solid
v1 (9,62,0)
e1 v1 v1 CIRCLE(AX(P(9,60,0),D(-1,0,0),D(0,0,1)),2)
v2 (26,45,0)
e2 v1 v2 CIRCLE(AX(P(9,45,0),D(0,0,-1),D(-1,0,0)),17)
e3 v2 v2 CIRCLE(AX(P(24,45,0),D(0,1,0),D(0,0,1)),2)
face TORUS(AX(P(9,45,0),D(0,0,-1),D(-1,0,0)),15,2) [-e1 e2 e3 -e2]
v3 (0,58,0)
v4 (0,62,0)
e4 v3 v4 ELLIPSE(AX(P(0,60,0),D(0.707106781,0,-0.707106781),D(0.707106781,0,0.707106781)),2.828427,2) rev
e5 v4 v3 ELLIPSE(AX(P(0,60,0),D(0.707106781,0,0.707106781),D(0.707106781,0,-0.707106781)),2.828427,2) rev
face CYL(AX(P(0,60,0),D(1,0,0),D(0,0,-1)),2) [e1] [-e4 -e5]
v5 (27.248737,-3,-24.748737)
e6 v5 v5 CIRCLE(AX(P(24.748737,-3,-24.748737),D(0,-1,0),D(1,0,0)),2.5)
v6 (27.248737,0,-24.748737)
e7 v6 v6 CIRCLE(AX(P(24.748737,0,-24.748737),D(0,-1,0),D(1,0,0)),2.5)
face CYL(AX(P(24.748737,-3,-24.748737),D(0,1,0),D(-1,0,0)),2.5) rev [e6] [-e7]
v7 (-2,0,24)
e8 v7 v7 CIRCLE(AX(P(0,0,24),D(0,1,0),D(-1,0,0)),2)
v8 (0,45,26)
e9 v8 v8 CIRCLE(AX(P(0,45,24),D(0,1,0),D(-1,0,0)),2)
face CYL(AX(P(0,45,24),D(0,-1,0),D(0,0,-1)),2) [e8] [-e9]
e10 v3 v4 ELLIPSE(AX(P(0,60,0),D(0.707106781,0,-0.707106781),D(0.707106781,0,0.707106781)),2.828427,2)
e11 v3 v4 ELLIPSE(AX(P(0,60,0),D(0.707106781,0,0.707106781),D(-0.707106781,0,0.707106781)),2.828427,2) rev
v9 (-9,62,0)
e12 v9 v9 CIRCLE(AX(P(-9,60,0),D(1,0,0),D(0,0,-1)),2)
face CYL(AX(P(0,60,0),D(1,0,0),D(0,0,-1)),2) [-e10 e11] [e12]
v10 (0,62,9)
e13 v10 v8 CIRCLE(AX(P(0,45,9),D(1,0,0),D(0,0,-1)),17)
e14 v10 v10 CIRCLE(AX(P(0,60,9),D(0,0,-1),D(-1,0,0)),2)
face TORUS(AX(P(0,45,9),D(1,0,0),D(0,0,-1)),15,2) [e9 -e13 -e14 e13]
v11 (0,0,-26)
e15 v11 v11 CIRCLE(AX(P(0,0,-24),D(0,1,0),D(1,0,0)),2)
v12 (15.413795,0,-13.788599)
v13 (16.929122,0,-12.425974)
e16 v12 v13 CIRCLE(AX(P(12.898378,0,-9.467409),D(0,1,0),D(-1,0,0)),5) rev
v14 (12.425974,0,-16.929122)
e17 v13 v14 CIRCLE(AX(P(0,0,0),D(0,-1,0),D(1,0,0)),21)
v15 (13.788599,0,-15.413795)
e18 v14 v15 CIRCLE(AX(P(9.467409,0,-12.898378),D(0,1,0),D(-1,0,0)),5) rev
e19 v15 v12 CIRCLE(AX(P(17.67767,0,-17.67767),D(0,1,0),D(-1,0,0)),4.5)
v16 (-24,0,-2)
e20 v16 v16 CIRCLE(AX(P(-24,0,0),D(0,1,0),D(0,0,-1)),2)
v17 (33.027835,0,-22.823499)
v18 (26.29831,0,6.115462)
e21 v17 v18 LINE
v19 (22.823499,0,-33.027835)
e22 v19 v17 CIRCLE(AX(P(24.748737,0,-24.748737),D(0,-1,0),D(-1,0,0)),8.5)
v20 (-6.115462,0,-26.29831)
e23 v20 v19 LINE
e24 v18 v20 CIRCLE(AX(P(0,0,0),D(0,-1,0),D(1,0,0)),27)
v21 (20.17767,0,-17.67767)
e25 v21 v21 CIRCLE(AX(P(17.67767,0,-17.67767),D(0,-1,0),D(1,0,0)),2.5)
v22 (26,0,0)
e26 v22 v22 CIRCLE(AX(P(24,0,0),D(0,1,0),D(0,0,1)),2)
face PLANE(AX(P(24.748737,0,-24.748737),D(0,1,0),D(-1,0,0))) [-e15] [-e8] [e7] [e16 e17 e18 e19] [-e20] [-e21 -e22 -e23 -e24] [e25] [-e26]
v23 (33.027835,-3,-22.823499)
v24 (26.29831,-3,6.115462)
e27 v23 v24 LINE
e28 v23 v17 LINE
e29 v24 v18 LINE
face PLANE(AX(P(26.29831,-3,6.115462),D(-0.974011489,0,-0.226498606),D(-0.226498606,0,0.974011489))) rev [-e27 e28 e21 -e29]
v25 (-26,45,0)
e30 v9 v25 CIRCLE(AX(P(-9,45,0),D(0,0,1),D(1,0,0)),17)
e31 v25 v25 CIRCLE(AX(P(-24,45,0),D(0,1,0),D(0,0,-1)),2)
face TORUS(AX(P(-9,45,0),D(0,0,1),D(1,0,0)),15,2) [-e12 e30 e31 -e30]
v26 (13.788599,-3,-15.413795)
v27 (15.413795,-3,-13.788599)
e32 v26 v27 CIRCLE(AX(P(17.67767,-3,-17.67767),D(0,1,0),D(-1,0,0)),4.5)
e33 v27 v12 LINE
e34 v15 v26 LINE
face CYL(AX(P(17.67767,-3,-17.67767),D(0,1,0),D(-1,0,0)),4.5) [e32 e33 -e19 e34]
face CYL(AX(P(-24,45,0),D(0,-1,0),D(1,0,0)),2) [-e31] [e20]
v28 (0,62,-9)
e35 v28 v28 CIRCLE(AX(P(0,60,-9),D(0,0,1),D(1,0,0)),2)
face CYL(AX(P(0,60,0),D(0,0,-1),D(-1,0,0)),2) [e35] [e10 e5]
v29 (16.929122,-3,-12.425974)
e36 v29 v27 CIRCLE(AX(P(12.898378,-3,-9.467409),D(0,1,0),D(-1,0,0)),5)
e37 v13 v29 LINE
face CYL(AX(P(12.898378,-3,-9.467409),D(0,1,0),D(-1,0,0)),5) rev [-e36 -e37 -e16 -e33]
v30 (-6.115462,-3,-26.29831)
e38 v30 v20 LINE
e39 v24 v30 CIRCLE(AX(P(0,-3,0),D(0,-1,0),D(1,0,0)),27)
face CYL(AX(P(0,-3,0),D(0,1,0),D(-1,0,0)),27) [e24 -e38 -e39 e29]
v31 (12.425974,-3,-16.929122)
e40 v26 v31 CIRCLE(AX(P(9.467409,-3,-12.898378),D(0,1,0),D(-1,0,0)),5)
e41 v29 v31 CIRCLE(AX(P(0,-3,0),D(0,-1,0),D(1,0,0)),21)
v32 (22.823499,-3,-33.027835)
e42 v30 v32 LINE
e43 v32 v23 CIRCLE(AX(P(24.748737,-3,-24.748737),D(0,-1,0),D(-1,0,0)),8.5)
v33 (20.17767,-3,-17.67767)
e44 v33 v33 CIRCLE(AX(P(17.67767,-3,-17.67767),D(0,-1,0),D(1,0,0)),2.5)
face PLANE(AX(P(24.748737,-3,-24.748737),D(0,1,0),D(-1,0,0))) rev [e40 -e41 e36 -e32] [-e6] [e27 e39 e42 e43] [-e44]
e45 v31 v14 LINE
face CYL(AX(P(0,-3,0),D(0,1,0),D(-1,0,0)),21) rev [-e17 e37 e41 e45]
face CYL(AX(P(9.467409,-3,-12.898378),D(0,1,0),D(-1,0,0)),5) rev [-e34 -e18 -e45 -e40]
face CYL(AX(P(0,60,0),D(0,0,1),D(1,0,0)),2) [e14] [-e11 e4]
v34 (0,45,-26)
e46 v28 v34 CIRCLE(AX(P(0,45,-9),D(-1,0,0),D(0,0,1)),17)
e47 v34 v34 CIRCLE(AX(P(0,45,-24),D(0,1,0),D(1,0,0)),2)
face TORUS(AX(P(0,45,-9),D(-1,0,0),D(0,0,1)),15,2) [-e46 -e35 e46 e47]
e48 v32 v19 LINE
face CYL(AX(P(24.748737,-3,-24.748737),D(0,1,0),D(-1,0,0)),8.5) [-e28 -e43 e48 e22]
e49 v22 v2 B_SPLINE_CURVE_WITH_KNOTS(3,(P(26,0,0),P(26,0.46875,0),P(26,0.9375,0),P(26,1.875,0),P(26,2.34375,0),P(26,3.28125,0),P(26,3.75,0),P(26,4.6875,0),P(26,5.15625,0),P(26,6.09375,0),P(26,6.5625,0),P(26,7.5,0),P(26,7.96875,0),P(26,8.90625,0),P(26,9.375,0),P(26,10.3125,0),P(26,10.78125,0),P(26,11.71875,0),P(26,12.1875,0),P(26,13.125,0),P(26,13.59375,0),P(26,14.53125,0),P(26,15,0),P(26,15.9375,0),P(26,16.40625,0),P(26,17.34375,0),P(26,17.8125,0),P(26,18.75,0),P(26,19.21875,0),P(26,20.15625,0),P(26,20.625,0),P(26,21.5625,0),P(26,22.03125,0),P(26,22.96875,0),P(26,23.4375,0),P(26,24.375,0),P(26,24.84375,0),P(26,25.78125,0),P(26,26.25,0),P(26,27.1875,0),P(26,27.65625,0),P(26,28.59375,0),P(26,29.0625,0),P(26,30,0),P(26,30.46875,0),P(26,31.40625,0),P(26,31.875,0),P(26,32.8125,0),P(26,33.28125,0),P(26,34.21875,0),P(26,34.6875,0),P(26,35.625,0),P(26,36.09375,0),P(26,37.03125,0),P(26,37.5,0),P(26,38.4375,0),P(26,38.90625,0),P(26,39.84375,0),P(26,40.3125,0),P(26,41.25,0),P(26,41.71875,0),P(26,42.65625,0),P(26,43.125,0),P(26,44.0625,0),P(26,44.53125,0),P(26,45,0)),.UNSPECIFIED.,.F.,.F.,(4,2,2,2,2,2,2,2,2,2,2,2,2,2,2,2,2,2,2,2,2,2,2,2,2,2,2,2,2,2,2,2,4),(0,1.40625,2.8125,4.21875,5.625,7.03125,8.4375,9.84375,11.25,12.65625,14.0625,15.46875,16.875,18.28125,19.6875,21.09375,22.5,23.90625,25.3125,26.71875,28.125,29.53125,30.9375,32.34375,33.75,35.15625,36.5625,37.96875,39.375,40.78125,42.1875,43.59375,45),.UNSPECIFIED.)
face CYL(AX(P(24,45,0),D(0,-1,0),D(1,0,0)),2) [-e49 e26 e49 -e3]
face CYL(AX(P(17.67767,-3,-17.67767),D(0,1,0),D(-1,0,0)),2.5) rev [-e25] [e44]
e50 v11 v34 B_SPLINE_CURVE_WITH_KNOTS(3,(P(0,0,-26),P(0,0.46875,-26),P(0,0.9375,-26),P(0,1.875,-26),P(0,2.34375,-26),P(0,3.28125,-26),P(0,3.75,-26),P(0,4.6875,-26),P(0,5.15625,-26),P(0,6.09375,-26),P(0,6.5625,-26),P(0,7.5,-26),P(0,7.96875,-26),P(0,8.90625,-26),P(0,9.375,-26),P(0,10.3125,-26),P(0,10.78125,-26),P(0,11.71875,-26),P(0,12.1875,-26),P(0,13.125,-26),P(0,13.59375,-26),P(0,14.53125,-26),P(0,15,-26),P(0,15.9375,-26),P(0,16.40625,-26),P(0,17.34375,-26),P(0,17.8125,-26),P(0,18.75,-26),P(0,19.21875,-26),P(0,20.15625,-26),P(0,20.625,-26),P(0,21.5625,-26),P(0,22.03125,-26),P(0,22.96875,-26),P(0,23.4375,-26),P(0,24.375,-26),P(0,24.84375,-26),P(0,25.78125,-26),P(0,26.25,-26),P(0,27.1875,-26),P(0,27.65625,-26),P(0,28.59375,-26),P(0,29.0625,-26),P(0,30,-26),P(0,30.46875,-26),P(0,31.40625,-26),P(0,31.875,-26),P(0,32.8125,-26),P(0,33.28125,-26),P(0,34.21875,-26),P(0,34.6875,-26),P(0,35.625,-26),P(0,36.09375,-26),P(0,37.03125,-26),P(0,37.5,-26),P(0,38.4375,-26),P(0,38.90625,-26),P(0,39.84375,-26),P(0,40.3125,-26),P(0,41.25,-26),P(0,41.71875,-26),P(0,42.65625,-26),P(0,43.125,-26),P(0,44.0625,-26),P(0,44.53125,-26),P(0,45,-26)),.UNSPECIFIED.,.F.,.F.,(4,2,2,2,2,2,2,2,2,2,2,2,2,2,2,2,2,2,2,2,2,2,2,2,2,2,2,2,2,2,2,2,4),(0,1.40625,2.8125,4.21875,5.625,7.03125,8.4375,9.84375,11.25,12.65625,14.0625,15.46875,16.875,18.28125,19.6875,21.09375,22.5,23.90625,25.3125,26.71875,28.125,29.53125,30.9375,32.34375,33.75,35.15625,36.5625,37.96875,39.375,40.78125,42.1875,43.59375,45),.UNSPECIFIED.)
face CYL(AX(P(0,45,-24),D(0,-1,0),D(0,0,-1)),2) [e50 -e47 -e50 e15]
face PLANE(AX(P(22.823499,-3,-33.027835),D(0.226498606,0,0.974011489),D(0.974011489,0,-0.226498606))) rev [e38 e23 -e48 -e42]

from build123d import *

# Parameters (mm, degrees)
ESQUISSE2_R                  = 2
R_P_TITION_CIRCULAIRE1_COUNT = 4
ESQUISSE4_R                  = 2.5
BOSS_EXTRU_1_DEPTH           = 3
CONG_1_R                     = 5


with BuildPart() as part:
    # Balayage1: sweep along a path in Esquisse1
    with BuildLine(Plane.XY) as balayage1_path:
        Line((0, 60), (9, 60))
        ThreePointArc((9, 60), (19.606601718, 55.606601718), (24, 45))
        Line((24, 45), (24, 0))
    # Esquisse2 → Balayage1 (sweep)
    with BuildSketch(Plane(origin=(0, 0, 0), x_dir=(1, 0, 0), z_dir=(0, 1, 0))):
        with Locations((24, 0)):
            Circle(ESQUISSE2_R)
    balayage1 = sweep(path=balayage1_path.line)

    # Répétition circulaire1: Balayage1 ×4 about axis
    r_p_tition_circulaire1_axis = Axis((0, 0, 0), (0, 1, 0))
    for i in range(1, R_P_TITION_CIRCULAIRE1_COUNT):
        add(balayage1.rotate(r_p_tition_circulaire1_axis, i * 360 / R_P_TITION_CIRCULAIRE1_COUNT))

    # Esquisse4 → Boss.-Extru.1 (add)
    with BuildSketch(Plane.XZ):
        with BuildLine():
            Line((26.298310212, 6.115462371), (33.027835001, -22.823499188))
            ThreePointArc((33.027835001, -22.823499188), (30.759144982, -30.759144982), (22.823499188, -33.027835001))
            Line((22.823499188, -33.027835001), (-6.115462371, -26.298310212))
            ThreePointArc((-6.115462371, -26.298310212), (-19.091883092, 19.091883092), (26.298310212, 6.115462371))
        make_face()
        with Locations((17.67766953, -17.67766953)):
            Circle(ESQUISSE4_R, mode=Mode.SUBTRACT)
        with Locations((24.748737342, -24.748737342)):
            Circle(ESQUISSE4_R, mode=Mode.SUBTRACT)
        with BuildLine():
            ThreePointArc((13.454452036, -16.123824621), (14.495689014, -14.495689014), (16.123824621, -13.454452036))
            ThreePointArc((16.123824621, -13.454452036), (-14.849242405, 14.849242405), (13.454452036, -16.123824621))
        make_face(mode=Mode.SUBTRACT)
    extrude(amount=BOSS_EXTRU_1_DEPTH)

    # Congé1
    cong_1_edges = [part.edges().sort_by_distance(p)[0] for p in [
        (13.454452036, -1.5, -16.123824621),
        (16.123824621, -1.5, -13.454452036),
    ]]
    fillet(cong_1_edges, radius=CONG_1_R)


solid = part.part
